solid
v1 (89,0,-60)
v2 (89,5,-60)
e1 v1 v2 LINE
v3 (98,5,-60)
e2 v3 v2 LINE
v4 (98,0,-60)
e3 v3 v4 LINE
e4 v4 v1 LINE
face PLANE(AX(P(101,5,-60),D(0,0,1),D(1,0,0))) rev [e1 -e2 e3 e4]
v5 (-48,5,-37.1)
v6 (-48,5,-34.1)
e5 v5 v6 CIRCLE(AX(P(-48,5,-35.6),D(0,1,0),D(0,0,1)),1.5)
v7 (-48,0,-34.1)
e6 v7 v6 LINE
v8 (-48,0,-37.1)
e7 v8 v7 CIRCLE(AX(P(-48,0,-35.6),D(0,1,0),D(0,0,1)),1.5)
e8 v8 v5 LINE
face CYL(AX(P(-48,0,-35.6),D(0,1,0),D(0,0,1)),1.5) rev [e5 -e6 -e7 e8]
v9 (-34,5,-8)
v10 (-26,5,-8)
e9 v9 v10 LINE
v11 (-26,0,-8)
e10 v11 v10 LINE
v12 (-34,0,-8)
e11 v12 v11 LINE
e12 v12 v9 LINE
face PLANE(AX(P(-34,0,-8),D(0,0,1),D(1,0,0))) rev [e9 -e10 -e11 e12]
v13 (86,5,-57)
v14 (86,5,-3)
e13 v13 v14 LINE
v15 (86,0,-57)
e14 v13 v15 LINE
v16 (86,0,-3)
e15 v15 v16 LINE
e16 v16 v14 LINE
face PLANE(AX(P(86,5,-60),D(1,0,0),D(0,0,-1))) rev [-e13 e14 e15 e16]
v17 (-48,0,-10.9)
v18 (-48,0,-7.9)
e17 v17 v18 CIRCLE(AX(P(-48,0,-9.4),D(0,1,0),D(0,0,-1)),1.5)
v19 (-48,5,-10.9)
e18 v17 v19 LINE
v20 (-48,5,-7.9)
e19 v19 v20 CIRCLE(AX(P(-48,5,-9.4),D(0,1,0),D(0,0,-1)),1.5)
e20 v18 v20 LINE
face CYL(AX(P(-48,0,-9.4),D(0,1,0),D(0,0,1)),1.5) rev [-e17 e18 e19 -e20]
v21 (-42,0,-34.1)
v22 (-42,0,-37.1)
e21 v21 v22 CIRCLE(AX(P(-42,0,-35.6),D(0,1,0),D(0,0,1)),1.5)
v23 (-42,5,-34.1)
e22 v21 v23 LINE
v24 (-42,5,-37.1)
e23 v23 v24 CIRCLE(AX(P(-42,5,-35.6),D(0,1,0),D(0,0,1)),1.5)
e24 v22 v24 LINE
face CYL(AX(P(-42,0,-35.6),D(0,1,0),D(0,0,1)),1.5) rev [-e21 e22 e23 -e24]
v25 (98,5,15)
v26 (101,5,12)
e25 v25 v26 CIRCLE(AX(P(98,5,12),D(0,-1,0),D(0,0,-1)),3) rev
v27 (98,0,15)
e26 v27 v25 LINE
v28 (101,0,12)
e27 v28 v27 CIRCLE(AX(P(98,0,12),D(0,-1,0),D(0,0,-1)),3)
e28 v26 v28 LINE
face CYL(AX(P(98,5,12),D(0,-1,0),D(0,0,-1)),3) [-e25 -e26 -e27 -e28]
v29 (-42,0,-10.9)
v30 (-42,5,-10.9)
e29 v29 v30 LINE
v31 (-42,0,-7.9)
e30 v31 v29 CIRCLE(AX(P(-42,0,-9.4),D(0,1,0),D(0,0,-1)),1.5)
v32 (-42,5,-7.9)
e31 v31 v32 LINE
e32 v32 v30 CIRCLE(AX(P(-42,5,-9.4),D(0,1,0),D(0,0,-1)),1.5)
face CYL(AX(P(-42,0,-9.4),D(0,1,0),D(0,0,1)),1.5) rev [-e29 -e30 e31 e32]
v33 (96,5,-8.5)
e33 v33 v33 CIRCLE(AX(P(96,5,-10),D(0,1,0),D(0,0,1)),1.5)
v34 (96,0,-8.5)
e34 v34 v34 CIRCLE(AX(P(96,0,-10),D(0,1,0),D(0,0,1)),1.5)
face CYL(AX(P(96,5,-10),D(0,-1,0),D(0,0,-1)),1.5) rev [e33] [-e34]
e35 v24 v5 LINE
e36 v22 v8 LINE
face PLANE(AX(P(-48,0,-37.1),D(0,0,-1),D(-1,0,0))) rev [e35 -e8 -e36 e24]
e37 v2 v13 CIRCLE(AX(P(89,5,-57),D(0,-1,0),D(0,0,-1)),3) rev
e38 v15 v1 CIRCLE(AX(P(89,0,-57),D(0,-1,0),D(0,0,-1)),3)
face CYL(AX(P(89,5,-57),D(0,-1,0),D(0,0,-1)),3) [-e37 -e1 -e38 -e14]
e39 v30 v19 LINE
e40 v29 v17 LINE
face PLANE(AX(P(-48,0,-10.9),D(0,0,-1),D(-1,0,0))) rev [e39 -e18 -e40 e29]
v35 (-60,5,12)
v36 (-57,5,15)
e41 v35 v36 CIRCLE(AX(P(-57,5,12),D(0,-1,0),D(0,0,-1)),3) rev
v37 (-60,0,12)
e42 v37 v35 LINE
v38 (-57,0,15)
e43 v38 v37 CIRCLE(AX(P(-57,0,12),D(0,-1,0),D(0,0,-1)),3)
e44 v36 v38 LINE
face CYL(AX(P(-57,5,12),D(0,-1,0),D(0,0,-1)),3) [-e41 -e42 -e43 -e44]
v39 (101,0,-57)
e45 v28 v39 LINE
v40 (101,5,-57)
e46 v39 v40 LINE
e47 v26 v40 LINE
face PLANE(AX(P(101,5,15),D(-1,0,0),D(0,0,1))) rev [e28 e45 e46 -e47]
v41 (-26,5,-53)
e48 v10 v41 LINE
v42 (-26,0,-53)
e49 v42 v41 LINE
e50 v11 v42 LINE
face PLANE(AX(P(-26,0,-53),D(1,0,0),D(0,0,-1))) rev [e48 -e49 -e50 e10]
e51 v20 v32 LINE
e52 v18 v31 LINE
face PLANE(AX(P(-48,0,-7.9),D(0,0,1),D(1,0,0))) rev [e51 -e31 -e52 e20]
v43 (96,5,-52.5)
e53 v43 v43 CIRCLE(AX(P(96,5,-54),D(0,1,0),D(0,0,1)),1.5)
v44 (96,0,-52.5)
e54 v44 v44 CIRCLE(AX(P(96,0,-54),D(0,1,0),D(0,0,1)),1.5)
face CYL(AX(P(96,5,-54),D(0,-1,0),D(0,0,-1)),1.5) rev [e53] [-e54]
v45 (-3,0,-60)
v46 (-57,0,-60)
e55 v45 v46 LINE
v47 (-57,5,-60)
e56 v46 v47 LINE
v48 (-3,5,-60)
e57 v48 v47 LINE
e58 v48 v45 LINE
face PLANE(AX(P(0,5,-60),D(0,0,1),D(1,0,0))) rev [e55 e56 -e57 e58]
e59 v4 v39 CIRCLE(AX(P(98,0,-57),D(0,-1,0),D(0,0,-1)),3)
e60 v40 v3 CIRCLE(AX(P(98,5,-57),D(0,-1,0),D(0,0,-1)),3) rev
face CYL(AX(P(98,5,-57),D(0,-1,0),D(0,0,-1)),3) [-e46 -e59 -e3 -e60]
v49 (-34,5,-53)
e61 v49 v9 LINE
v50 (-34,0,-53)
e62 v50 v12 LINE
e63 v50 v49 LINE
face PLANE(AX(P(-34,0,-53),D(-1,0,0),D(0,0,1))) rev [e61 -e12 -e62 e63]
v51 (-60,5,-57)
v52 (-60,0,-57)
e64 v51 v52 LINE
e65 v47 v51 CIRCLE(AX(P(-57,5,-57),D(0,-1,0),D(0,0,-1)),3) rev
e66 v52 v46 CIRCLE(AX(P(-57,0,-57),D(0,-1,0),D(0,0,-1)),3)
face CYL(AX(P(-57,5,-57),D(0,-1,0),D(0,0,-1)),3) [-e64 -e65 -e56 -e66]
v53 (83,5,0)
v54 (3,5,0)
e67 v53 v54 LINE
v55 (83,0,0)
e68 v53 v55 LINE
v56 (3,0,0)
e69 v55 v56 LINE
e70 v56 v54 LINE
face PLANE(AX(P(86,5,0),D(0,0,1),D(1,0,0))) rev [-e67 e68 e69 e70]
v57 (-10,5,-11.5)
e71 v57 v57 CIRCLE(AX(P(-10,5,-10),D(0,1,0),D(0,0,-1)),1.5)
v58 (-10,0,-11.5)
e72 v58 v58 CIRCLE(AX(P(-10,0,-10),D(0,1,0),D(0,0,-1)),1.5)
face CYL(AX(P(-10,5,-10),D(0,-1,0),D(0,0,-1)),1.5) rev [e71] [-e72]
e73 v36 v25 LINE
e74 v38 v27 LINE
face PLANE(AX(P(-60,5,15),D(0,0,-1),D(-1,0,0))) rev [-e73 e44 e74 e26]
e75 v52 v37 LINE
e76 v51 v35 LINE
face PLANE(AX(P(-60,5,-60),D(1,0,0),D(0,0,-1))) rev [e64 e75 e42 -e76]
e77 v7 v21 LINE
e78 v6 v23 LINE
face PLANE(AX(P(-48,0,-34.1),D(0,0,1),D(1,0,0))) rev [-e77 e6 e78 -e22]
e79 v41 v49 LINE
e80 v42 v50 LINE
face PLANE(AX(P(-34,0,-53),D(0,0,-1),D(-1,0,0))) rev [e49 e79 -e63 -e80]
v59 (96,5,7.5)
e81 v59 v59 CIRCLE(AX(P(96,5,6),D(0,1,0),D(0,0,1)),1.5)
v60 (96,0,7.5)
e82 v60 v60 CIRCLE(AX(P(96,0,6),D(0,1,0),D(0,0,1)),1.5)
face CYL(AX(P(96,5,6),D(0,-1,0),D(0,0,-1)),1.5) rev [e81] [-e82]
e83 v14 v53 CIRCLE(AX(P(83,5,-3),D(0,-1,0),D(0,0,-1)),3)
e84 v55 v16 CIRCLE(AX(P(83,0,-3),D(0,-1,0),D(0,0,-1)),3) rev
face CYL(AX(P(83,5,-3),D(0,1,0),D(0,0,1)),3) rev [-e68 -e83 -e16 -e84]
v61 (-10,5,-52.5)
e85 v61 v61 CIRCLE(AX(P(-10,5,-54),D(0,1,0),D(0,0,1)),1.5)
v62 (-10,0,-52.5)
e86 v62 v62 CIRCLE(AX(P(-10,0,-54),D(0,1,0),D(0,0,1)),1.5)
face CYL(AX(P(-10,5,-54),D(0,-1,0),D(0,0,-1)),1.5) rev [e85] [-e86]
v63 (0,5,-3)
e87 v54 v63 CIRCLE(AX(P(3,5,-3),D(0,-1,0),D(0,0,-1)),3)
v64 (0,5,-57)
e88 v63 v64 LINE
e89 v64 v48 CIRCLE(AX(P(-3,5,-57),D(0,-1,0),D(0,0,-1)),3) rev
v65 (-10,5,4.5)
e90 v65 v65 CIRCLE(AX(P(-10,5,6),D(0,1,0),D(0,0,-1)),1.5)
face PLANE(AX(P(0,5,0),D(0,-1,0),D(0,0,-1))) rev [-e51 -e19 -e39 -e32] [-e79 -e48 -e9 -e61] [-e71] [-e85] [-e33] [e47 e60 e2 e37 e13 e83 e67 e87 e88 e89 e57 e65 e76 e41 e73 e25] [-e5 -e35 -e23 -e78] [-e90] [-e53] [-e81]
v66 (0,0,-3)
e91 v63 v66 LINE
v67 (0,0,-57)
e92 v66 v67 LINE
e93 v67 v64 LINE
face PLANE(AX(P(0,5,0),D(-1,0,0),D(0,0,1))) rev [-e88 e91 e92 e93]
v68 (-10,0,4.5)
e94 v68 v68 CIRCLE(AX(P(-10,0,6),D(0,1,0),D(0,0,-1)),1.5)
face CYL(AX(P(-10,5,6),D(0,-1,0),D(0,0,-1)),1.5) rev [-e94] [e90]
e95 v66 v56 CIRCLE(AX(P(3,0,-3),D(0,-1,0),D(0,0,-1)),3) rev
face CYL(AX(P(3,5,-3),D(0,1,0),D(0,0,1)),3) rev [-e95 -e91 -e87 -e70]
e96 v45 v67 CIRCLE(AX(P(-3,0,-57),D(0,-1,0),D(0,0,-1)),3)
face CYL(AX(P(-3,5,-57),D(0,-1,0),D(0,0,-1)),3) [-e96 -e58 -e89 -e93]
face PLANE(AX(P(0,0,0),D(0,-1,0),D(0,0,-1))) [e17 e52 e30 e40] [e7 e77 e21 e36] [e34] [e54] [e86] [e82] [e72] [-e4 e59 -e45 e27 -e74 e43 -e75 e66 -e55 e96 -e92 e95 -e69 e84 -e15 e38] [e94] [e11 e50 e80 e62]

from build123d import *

# Parameters (mm, degrees)
SKETCH_1_R          = 1.5
EXTRUDE_1_DEPTH     = 5
SKETCH_11_W         = 8
SKETCH_11_H         = 45
CUT_EXTRUDE_6_DEPTH = 118.584012519
FILLET_1_R          = 3
CUT_EXTRUDE_7_DEPTH = 118.584012519


with BuildPart() as part:
    # 草图1 → 凸台-拉伸1 (new body)
    with BuildSketch(Plane(origin=(0, 0, 0), x_dir=(1, 0, 0), z_dir=(0, 1, 0))):
        Polygon((0, 0), (0, 60), (-60, 60), (-60, -15), (101, -15), (101, 60), (86, 60), (86, 0), align=None)
        with Locations(Location((-10, 54, 0), (0, 0, 270))):
            Circle(SKETCH_1_R, mode=Mode.SUBTRACT)
        with Locations(Location((-10, -6, 0), (0, 0, 90))):
            Circle(SKETCH_1_R, mode=Mode.SUBTRACT)
        with Locations(Location((96, 54, 0), (0, 0, 270))):
            Circle(SKETCH_1_R, mode=Mode.SUBTRACT)
        with Locations(Location((96, -6, 0), (0, 0, 270))):
            Circle(SKETCH_1_R, mode=Mode.SUBTRACT)
        with Locations(Location((96, 10, 0), (0, 0, 270))):
            Circle(SKETCH_1_R, mode=Mode.SUBTRACT)
        with Locations(Location((-10, 10, 0), (0, 0, 90))):
            Circle(SKETCH_1_R, mode=Mode.SUBTRACT)
    extrude(amount=EXTRUDE_1_DEPTH)

    # 草图11 → 切除-拉伸6 (cut, through all)
    with BuildSketch(Plane(origin=(0, 5, 0), x_dir=(1, 0, 0), z_dir=(0, 1, 0))):
        with Locations((-30, 30.5)):
            Rectangle(SKETCH_11_W, SKETCH_11_H)
    extrude(amount=-CUT_EXTRUDE_6_DEPTH, mode=Mode.SUBTRACT)

    # 圆角1
    fillet_1_edges = [part.edges().sort_by_distance(p)[0] for p in [
        (86, 2.5, 0),
        (86, 2.5, -60),
        (101, 2.5, -60),
        (101, 2.5, 15),
        (-60, 2.5, 15),
        (-60, 2.5, -60),
        (0, 2.5, -60),
        (0, 2.5, 0),
    ]]
    fillet(fillet_1_edges, radius=FILLET_1_R)

    # 草图12 → 切除-拉伸7 (cut, through all)
    with BuildSketch(Plane(origin=(0, 5, 0), x_dir=(1, 0, 0), z_dir=(0, 1, 0))):
        with BuildLine():
            Line((-48, 37.1), (-42, 37.1))
            ThreePointArc((-42, 37.1), (-40.5, 35.6), (-42, 34.1))
            Line((-42, 34.1), (-48, 34.1))
            ThreePointArc((-48, 34.1), (-49.5, 35.6), (-48, 37.1))
        make_face()
        with BuildLine():
            Line((-48, 7.9), (-42, 7.9))
            ThreePointArc((-42, 7.9), (-40.5, 9.4), (-42, 10.9))
            Line((-42, 10.9), (-48, 10.9))
            ThreePointArc((-48, 10.9), (-49.5, 9.4), (-48, 7.9))
        make_face()
    extrude(amount=-CUT_EXTRUDE_7_DEPTH, mode=Mode.SUBTRACT)


solid = part.part
